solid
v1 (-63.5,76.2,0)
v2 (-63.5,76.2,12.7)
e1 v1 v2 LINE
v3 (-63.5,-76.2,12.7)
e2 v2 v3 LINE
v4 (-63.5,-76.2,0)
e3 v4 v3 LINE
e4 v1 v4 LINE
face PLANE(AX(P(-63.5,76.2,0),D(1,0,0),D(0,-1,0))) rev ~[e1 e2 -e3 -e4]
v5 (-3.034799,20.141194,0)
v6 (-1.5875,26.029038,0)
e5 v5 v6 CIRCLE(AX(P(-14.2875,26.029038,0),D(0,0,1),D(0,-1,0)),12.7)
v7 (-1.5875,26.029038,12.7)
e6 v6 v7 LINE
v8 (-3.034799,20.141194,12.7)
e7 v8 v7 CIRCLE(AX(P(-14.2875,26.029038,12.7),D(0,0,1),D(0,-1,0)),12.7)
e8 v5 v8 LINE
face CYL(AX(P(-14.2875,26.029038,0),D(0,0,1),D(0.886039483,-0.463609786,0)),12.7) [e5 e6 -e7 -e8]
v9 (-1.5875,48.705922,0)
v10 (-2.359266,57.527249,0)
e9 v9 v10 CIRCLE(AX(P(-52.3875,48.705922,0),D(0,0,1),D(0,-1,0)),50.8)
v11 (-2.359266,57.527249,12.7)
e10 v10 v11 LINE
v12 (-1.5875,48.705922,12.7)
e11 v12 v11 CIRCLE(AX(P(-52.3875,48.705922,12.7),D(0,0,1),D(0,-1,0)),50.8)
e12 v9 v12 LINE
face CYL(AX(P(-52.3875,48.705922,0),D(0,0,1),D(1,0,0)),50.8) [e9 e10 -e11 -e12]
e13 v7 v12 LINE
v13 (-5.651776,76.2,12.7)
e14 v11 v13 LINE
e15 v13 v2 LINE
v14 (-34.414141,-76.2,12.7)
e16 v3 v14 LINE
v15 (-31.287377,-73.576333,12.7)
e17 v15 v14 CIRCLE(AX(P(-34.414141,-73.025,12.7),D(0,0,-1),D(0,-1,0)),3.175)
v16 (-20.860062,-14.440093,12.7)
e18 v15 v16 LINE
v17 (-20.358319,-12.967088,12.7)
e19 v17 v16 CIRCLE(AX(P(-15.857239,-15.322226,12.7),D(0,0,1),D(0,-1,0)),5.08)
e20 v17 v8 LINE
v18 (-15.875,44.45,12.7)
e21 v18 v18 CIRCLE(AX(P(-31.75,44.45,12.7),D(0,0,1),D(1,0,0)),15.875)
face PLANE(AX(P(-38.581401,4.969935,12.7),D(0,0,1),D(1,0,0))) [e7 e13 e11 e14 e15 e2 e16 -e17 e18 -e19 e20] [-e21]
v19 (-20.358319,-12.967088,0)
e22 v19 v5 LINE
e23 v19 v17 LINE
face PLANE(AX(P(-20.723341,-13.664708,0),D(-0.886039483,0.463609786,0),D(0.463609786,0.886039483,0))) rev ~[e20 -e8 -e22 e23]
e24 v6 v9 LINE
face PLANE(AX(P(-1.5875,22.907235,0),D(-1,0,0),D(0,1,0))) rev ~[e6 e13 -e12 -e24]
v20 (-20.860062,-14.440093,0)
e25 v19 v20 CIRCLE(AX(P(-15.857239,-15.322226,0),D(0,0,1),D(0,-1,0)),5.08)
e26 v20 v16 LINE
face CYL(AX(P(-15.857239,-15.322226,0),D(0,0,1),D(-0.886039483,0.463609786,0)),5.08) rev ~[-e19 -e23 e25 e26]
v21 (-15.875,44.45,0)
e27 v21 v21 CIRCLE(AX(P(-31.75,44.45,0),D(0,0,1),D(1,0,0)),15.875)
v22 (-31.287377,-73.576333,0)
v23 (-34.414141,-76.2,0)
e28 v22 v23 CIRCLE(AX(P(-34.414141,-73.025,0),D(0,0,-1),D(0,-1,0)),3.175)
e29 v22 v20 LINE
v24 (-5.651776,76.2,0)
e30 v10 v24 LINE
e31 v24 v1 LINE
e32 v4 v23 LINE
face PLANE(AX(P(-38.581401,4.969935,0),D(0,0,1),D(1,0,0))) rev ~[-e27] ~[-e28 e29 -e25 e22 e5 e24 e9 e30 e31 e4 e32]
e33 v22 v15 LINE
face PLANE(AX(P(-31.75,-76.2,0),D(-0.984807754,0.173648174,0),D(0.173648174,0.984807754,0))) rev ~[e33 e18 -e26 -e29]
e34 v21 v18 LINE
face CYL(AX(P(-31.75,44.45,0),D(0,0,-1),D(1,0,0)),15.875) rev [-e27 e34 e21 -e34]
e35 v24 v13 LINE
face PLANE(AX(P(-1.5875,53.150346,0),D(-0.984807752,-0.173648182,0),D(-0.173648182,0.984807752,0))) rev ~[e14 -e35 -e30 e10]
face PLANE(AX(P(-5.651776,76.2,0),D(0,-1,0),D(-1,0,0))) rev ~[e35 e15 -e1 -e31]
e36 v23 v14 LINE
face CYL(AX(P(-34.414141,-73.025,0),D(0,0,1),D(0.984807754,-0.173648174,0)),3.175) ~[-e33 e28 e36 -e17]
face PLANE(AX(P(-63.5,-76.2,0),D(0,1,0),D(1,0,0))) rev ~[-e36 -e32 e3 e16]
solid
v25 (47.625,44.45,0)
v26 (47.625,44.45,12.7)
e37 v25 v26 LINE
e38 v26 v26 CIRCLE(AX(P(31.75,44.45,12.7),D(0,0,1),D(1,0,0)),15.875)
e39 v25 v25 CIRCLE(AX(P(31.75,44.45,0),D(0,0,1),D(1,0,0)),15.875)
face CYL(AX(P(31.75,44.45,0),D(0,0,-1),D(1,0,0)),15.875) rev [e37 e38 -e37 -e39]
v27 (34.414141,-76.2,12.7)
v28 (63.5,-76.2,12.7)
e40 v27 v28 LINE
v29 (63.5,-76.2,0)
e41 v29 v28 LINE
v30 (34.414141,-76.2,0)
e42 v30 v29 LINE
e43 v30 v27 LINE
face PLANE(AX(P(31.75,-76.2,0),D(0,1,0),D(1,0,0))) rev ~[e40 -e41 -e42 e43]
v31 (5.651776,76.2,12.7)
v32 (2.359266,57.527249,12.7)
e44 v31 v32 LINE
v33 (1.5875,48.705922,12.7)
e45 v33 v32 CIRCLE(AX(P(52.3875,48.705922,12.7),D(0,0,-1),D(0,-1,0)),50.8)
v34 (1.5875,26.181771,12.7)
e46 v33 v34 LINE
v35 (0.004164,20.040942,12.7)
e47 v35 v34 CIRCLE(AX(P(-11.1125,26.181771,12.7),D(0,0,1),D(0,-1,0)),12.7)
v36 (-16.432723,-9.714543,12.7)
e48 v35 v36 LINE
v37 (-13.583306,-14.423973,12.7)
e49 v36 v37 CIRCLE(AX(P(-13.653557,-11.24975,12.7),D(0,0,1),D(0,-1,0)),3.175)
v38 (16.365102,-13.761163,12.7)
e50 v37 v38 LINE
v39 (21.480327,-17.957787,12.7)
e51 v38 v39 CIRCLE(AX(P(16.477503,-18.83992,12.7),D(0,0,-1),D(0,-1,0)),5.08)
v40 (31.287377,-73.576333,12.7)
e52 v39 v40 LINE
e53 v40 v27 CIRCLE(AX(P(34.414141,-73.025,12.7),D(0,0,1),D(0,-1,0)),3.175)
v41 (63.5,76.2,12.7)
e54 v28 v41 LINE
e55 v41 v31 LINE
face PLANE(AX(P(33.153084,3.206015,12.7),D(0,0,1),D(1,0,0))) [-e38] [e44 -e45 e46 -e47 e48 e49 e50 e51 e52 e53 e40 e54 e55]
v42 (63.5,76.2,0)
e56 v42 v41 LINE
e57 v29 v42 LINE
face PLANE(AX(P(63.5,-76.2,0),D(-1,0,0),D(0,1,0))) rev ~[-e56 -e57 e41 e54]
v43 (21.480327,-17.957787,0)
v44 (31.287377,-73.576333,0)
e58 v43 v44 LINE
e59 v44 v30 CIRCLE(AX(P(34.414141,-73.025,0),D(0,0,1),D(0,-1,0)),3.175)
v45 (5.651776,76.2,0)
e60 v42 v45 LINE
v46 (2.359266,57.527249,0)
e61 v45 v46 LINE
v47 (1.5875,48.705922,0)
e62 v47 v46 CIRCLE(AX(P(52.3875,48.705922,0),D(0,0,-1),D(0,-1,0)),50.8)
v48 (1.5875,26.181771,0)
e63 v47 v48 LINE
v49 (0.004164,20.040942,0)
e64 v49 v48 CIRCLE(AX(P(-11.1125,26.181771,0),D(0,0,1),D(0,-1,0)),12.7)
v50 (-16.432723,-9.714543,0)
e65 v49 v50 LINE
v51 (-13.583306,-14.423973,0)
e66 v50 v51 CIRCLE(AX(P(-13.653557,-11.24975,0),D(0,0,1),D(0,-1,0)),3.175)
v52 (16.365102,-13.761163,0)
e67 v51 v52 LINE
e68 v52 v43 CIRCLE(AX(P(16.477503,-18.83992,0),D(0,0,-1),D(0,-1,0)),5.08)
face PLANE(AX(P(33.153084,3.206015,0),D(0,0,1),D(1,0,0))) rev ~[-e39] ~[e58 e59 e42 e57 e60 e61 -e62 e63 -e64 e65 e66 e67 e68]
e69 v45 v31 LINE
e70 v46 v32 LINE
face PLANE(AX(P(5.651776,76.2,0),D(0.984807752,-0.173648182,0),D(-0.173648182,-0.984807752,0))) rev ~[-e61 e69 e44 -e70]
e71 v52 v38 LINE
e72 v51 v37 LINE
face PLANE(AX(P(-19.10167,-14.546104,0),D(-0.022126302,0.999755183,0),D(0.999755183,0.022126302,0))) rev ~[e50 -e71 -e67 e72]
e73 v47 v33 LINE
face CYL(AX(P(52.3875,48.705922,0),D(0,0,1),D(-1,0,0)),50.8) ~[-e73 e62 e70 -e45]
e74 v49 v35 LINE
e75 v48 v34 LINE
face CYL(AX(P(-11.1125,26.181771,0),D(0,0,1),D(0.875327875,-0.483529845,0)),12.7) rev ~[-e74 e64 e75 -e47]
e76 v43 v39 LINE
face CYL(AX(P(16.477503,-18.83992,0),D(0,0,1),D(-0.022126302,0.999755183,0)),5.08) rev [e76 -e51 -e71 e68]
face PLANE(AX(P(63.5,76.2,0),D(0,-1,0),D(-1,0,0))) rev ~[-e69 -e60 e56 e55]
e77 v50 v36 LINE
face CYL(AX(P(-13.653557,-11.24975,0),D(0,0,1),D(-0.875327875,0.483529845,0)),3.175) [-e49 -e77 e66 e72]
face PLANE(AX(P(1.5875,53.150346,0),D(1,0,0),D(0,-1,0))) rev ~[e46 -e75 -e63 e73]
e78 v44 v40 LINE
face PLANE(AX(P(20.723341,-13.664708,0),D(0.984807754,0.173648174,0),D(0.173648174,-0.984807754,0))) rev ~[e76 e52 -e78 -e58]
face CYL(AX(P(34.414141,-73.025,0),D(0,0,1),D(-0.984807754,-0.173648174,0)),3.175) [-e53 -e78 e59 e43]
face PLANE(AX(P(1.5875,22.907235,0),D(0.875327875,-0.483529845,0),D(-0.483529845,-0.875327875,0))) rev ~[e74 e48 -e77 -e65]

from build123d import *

# Parameters (mm, degrees)
F0_R     = 15.875
F1_DEPTH = 12.7
F2_R     = 12.7
F3_R     = 50.8
F4_R     = 3.175
F5_R     = 5.08
F6_R     = 3.175


with BuildPart() as f1:
    # F0 (on Top) → F1 (new body)
    with BuildSketch(Plane.XY):
        Polygon((31.75, -76.2), (63.5, -76.2), (63.5, 76.2), (5.651776, 76.2), (1.5875, 53.150346), (1.5875, 22.907235), (-19.10167, -14.546104), (20.723341, -13.664708), align=None)
        with Locations((31.75, 44.45)):
            Circle(F0_R, mode=Mode.SUBTRACT)
        Polygon((-63.5, -76.2), (-31.75, -76.2), (-20.723341, -13.664708), (-1.5875, 22.907235), (-1.5875, 53.150346), (-5.651776, 76.2), (-63.5, 76.2), align=None)
        with Locations((-31.75, 44.45)):
            Circle(F0_R, mode=Mode.SUBTRACT)
    extrude(amount=F1_DEPTH)

    # F2
    f2_edges = [f1.edges().sort_by_distance(p)[0] for p in [
        (1.5875, 22.907235, 6.35),
        (-1.5875, 22.907235, 6.35),
    ]]
    fillet(f2_edges, radius=F2_R)

    # F3
    f3_edges = [f1.edges().sort_by_distance(p)[0] for p in [
        (1.5875, 53.150346, 6.35),
        (-1.5875, 53.150346, 6.35),
    ]]
    fillet(f3_edges, radius=F3_R)

    # F4
    f4_edges = [f1.edges().sort_by_distance(p)[0] for p in [
        (-19.10167, -14.546104, 6.35),
    ]]
    fillet(f4_edges, radius=F4_R)

    # F5
    f5_edges = [f1.edges().sort_by_distance(p)[0] for p in [
        (20.723341, -13.664708, 6.35),
        (-20.723341, -13.664708, 6.35),
    ]]
    fillet(f5_edges, radius=F5_R)

    # F6
    f6_edges = [f1.edges().sort_by_distance(p)[0] for p in [
        (-31.75, -76.2, 6.35),
        (31.75, -76.2, 6.35),
    ]]
    fillet(f6_edges, radius=F6_R)


solid = f1.part
